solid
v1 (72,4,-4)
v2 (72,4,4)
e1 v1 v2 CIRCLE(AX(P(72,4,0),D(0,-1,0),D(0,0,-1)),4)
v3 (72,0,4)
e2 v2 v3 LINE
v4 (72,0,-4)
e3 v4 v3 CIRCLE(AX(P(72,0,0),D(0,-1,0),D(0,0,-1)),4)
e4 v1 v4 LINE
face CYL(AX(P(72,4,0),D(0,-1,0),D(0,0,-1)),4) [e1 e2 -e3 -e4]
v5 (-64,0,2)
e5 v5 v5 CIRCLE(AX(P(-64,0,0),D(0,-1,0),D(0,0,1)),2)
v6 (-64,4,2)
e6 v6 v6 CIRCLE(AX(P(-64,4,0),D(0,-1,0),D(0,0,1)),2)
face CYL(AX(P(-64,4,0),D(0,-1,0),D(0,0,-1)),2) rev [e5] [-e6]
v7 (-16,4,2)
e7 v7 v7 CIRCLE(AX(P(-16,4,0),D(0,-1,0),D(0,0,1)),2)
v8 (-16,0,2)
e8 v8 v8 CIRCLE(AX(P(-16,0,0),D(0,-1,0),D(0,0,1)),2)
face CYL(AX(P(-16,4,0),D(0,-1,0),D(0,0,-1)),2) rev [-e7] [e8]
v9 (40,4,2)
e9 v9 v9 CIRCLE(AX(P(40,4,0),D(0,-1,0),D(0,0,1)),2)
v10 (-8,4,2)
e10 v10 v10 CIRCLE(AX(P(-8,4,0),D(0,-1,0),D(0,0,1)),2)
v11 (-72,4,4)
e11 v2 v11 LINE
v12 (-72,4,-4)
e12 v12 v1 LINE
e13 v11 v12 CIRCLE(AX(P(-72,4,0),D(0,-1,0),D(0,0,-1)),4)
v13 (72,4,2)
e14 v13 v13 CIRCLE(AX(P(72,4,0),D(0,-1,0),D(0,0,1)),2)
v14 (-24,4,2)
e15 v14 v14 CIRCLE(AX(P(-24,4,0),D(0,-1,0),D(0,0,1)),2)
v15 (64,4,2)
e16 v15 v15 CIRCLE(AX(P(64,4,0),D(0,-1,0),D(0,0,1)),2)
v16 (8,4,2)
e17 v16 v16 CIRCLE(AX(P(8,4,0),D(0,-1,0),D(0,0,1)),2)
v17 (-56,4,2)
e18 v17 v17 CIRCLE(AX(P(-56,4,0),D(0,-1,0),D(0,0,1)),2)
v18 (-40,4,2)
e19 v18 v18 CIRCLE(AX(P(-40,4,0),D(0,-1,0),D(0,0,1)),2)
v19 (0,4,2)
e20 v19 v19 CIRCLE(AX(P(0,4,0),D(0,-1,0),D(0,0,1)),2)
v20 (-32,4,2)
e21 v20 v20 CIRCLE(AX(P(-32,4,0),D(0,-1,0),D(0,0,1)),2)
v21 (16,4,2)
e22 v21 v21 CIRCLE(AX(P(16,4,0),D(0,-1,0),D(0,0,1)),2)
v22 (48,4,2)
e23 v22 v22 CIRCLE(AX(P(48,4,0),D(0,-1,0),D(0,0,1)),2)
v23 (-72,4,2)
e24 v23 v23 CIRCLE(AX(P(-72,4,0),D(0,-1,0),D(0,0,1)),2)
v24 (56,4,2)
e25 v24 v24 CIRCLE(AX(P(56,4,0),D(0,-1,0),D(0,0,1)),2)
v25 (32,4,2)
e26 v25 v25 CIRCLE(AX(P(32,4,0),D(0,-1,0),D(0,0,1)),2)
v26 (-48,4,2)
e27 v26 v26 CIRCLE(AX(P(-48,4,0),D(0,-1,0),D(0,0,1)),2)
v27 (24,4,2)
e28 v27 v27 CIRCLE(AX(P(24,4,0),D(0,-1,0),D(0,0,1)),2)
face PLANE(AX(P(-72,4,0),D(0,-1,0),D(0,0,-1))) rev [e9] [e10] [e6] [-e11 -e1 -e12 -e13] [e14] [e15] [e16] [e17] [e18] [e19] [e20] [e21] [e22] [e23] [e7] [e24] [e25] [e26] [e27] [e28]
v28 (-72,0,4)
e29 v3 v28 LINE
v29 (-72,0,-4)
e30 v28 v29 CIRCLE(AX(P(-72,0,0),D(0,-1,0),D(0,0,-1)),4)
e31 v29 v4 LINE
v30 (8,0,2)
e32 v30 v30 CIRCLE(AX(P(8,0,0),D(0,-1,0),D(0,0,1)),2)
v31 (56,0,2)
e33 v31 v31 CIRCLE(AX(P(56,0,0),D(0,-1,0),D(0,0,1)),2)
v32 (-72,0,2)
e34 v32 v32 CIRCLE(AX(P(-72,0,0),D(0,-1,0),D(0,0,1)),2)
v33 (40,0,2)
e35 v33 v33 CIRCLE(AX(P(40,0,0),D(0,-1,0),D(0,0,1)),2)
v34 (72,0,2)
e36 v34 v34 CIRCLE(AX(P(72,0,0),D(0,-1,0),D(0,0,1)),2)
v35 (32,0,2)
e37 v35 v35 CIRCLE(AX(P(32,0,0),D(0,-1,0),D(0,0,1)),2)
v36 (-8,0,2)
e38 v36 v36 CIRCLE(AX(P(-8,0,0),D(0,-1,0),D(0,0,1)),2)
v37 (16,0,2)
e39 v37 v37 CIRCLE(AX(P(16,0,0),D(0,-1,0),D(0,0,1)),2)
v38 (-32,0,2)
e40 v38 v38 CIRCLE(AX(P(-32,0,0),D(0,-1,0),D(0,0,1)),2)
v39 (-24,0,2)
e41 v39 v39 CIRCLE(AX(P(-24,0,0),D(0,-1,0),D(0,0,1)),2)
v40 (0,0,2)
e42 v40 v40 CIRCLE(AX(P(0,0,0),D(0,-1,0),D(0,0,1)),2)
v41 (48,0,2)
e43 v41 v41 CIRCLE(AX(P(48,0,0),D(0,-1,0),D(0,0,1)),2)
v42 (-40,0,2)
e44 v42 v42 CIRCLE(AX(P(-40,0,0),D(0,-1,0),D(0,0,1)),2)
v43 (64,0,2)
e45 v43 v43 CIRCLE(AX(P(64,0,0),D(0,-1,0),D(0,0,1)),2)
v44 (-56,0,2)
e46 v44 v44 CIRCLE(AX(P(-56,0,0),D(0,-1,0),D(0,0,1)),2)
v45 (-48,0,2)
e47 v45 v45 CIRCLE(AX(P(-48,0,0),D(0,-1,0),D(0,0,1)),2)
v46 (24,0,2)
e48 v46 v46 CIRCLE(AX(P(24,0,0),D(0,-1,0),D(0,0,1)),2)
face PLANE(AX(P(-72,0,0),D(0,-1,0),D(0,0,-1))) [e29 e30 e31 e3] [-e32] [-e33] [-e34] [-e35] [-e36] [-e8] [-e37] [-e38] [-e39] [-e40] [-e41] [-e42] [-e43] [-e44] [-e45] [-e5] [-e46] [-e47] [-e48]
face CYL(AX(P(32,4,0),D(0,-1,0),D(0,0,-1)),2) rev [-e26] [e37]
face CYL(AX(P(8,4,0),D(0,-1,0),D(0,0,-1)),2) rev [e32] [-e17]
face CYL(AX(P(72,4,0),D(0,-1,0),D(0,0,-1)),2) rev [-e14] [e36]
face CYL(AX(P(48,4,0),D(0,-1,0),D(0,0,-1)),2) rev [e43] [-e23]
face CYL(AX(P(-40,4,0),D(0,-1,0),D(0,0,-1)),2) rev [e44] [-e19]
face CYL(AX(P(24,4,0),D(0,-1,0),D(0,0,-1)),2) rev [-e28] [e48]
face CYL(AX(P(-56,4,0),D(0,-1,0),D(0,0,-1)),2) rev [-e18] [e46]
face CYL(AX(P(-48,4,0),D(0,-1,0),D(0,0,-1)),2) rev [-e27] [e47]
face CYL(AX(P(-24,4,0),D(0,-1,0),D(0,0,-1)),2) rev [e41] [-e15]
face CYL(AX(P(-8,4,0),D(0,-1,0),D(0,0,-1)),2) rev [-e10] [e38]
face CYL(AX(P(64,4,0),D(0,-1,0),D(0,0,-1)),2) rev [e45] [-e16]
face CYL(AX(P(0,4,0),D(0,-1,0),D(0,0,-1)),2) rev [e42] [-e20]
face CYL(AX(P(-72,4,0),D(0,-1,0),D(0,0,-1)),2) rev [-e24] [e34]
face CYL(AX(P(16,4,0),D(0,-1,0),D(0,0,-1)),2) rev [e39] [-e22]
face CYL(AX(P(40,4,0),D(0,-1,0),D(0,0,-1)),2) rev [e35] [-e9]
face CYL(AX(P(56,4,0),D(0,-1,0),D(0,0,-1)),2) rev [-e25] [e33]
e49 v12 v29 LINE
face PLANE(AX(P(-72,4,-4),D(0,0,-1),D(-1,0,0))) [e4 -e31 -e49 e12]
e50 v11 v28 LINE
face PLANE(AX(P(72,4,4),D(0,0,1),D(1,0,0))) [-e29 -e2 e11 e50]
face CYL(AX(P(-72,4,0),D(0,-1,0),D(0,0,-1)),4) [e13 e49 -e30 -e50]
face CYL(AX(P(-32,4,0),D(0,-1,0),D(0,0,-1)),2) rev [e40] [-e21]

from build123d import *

# Parameters (mm, degrees)
SKETCH1_R           = 2
BOSS_EXTRUDE1_DEPTH = 4


with BuildPart() as part:
    # Sketch1 → Boss-Extrude1 (new body)
    with BuildSketch(Plane.XZ):
        with BuildLine():
            Line((-72, -4), (72, -4))
            ThreePointArc((72, -4), (76, 0), (72, 4))
            Line((72, 4), (-72, 4))
            ThreePointArc((-72, 4), (-76, 0), (-72, -4))
        make_face()
        with Locations(Location((-72, 0, 0), (0, 0, 90))):
            Circle(SKETCH1_R, mode=Mode.SUBTRACT)
        with Locations(Location((-64, 0, 0), (0, 0, 90))):
            Circle(SKETCH1_R, mode=Mode.SUBTRACT)
        with Locations(Location((-56, 0, 0), (0, 0, 90))):
            Circle(SKETCH1_R, mode=Mode.SUBTRACT)
        with Locations(Location((-48, 0, 0), (0, 0, 90))):
            Circle(SKETCH1_R, mode=Mode.SUBTRACT)
        with Locations(Location((-40, 0, 0), (0, 0, 90))):
            Circle(SKETCH1_R, mode=Mode.SUBTRACT)
        with Locations(Location((-32, 0, 0), (0, 0, 90))):
            Circle(SKETCH1_R, mode=Mode.SUBTRACT)
        with Locations(Location((-24, 0, 0), (0, 0, 90))):
            Circle(SKETCH1_R, mode=Mode.SUBTRACT)
        with Locations(Location((-16, 0, 0), (0, 0, 90))):
            Circle(SKETCH1_R, mode=Mode.SUBTRACT)
        with Locations(Location((-8, 0, 0), (0, 0, 90))):
            Circle(SKETCH1_R, mode=Mode.SUBTRACT)
        with Locations(Location((0, 0, 0), (0, 0, 90))):
            Circle(SKETCH1_R, mode=Mode.SUBTRACT)
        with Locations(Location((8, 0, 0), (0, 0, 90))):
            Circle(SKETCH1_R, mode=Mode.SUBTRACT)
        with Locations(Location((16, 0, 0), (0, 0, 90))):
            Circle(SKETCH1_R, mode=Mode.SUBTRACT)
        with Locations(Location((24, 0, 0), (0, 0, 90))):
            Circle(SKETCH1_R, mode=Mode.SUBTRACT)
        with Locations(Location((32, 0, 0), (0, 0, 90))):
            Circle(SKETCH1_R, mode=Mode.SUBTRACT)
        with Locations(Location((40, 0, 0), (0, 0, 90))):
            Circle(SKETCH1_R, mode=Mode.SUBTRACT)
        with Locations(Location((48, 0, 0), (0, 0, 90))):
            Circle(SKETCH1_R, mode=Mode.SUBTRACT)
        with Locations(Location((56, 0, 0), (0, 0, 90))):
            Circle(SKETCH1_R, mode=Mode.SUBTRACT)
        with Locations(Location((64, 0, 0), (0, 0, 90))):
            Circle(SKETCH1_R, mode=Mode.SUBTRACT)
        with Locations(Location((72, 0, 0), (0, 0, 90))):
            Circle(SKETCH1_R, mode=Mode.SUBTRACT)
    extrude(amount=-BOSS_EXTRUDE1_DEPTH)


solid = part.part
